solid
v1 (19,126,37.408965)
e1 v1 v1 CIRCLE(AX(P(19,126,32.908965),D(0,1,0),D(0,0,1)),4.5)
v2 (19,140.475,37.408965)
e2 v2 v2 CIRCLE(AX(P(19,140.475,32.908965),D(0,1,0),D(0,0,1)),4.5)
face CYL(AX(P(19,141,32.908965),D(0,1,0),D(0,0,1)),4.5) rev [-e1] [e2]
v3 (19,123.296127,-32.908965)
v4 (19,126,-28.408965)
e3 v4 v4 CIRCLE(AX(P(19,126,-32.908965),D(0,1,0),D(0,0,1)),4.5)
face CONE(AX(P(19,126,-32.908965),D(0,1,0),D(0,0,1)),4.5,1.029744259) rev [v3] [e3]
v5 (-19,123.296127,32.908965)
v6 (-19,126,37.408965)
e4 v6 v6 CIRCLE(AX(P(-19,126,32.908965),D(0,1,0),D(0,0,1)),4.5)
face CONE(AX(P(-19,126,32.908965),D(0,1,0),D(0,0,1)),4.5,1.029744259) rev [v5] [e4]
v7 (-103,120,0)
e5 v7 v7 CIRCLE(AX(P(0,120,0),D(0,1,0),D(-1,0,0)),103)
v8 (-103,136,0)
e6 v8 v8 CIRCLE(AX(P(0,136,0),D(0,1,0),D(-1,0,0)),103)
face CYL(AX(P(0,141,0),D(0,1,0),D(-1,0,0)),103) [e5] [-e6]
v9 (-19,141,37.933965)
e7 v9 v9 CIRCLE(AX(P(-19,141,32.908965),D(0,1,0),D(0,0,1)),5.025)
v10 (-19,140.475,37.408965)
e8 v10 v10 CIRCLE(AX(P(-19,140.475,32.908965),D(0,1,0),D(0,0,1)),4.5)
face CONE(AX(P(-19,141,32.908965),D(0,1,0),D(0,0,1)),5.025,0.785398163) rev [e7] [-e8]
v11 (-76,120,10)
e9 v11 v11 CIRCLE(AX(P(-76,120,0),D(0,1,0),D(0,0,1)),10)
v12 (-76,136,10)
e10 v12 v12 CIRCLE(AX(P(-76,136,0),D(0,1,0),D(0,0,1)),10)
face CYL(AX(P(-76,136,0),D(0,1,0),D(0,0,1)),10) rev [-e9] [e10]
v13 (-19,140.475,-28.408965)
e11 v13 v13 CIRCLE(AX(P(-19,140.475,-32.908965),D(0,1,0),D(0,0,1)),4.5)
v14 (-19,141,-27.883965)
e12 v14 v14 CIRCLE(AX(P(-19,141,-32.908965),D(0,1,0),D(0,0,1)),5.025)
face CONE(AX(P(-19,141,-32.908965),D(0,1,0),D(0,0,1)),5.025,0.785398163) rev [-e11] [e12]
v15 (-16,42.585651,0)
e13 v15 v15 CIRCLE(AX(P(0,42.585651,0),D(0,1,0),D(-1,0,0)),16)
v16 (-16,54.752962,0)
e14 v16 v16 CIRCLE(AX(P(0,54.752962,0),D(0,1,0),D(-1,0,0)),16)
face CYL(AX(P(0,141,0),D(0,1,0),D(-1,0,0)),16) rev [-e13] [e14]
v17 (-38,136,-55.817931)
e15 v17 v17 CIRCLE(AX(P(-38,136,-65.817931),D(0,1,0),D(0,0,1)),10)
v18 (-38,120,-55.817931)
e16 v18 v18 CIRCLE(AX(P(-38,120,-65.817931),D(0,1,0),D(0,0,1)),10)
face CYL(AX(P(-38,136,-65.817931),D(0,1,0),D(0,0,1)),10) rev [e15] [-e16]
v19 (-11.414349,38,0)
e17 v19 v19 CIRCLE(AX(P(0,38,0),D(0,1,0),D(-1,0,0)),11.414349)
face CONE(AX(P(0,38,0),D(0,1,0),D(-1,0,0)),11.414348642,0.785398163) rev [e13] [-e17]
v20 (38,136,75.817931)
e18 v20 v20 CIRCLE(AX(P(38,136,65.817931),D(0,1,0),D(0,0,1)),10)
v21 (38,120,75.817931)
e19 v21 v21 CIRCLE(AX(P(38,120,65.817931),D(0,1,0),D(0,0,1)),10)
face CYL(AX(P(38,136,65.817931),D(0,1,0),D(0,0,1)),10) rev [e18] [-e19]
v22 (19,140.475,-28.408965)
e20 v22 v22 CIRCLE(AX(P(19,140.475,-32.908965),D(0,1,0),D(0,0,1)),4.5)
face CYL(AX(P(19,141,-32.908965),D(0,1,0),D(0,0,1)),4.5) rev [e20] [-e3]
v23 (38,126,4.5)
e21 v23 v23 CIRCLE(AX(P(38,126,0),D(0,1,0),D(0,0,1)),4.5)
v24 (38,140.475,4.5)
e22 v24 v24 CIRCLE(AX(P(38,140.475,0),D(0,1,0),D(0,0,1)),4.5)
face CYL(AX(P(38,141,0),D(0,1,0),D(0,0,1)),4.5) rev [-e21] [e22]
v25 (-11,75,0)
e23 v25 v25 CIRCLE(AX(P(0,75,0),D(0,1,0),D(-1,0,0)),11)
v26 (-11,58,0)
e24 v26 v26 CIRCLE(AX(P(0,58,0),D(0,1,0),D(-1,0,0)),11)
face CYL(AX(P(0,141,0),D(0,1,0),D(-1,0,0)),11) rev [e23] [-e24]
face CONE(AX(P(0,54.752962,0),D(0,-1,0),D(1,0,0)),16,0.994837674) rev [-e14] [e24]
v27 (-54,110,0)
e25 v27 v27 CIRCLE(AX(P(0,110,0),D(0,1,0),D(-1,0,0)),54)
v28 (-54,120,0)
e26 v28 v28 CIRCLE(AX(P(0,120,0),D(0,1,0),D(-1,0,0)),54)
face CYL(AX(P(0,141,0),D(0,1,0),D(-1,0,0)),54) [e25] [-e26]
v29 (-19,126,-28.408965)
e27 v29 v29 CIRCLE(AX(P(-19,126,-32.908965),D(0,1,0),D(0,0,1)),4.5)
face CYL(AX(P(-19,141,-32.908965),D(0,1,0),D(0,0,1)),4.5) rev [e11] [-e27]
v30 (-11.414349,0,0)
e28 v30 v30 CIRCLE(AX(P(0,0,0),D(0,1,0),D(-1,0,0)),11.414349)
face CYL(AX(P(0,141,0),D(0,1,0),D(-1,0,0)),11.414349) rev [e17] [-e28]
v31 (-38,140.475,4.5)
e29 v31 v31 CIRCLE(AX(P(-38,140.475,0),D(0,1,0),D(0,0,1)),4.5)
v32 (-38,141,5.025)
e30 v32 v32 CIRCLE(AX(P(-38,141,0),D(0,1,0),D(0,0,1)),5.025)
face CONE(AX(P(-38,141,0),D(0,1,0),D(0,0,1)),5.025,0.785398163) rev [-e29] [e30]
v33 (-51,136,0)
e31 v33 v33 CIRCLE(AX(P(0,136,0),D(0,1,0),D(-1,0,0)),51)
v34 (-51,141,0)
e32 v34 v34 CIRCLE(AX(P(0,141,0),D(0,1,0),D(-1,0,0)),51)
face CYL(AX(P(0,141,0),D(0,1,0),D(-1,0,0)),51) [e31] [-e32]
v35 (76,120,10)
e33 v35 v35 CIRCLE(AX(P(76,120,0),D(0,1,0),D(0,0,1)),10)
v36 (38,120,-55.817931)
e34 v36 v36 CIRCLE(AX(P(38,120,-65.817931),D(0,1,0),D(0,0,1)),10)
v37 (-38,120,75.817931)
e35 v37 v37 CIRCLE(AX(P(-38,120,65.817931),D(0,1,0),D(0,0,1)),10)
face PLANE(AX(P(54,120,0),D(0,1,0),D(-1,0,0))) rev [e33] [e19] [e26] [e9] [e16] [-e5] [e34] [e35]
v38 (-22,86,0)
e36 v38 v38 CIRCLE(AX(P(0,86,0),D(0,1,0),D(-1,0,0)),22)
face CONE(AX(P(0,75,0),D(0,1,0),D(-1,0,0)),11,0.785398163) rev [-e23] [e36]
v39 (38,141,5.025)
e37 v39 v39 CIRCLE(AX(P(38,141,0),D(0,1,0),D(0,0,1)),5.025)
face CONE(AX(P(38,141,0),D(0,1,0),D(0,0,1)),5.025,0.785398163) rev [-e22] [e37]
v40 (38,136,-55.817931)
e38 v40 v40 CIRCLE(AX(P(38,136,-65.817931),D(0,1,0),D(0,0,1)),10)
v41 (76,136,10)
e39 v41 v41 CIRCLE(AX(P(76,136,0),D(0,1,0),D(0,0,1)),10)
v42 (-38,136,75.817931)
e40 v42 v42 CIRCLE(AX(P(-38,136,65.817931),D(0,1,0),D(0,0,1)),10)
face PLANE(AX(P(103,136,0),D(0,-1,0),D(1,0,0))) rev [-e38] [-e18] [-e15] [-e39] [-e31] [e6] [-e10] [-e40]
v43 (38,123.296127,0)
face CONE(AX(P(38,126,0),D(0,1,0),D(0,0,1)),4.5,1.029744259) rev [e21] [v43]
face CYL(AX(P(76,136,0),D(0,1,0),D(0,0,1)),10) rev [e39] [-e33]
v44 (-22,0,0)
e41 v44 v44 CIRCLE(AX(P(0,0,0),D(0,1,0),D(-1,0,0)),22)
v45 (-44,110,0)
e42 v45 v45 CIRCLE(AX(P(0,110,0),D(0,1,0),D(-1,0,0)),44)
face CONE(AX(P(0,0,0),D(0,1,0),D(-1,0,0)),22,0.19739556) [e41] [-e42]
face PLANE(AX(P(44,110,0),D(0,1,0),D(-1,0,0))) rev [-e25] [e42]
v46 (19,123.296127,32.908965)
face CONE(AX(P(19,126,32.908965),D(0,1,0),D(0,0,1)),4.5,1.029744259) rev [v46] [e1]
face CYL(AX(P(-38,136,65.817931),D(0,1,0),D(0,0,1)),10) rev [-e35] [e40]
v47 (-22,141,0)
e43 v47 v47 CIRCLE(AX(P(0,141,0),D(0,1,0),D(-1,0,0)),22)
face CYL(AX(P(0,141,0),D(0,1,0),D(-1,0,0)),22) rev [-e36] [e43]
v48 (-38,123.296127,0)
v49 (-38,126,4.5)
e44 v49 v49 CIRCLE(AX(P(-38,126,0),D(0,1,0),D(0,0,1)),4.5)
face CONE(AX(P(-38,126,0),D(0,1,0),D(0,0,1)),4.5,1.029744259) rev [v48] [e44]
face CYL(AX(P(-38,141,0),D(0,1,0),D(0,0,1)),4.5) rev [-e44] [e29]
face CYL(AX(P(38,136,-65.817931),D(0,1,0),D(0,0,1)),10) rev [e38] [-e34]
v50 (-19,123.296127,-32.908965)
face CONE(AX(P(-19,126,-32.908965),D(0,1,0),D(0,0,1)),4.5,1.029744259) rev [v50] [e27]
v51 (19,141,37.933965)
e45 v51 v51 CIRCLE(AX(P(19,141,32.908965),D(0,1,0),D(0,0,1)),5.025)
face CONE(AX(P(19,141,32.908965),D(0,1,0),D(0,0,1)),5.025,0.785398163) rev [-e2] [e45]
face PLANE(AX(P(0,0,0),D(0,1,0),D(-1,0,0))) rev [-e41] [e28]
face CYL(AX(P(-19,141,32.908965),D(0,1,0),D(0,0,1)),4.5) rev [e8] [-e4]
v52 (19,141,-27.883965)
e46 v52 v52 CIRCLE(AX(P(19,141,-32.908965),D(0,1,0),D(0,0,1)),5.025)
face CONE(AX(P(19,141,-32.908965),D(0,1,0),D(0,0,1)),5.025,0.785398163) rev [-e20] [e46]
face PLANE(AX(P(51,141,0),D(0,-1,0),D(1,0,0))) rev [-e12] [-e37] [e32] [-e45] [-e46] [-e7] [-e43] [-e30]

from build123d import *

# Parameters (mm, degrees)
HOLE1_D           = 20
CIRPATTERN1_COUNT = 6
CIRPATTERN2_COUNT = 6


with BuildPart() as part:
    # Sketch1 → Revolve1 (revolve)
    with BuildSketch(Plane.XY, mode=Mode.PRIVATE) as revolve1_sk:
        Polygon((22, 0), (44, 110), (54, 110), (54, 120), (103, 120), (103, 136), (51, 136), (51, 141), (0, 141), (0, 0), align=None)
    revolve(revolve1_sk.sketch.rotate(Axis((0, 141, 0), (0, -1, 0)), 180), axis=Axis((0, 141, 0), (0, -1, 0)))

    # Sketch2 → Cut-Revolve1 (revolve, cut)
    with BuildSketch(Plane.XY, mode=Mode.PRIVATE) as cut_revolve1_sk:
        Polygon((0, 0), (11.414348642, 0), (11.414348642, 38), (16, 42.585651358), (16, 54.752962034), (11, 58), (11, 75), (22, 86), (22, 141), (0, 141), align=None)
    revolve(cut_revolve1_sk.sketch.rotate(Axis((0, 141, 0), (0, -1, 0)), 180), axis=Axis((0, 141, 0), (0, -1, 0)), mode=Mode.SUBTRACT)

    # Hole1 (through all)
    with Locations(Plane(origin=(0, 136, 0), x_dir=(1, 0, 0), z_dir=(0, 1, 0))):
        with Locations((76, 0)):
            hole1 = Hole(HOLE1_D / 2)

    # CirPattern1: Hole1 ×6 about axis
    cirpattern1_axis = Axis((0, 0, 0), (0, 1, 0))
    for i in range(1, CIRPATTERN1_COUNT):
        add(hole1.rotate(cirpattern1_axis, i * 360 / CIRPATTERN1_COUNT), mode=Mode.SUBTRACT)

    # Sketch9 → M10x1.0 Tapped Hole5 (revolve, cut)
    with BuildSketch(Plane(origin=(38, 141, 0), x_dir=(0, 0, 1), z_dir=(1, 0, 0))):
        Polygon((0, 0), (0, 17.703872786), (4.5, 15), (4.5, 0.525), (5.025, 0), align=None)
    m10x1_0_tapped_hole5 = revolve(axis=Axis((38, 147.35, 0), (0, -1, 0)), mode=Mode.SUBTRACT)

    # CirPattern2: M10x1.0 Tapped Hole5 ×6 about axis
    cirpattern2_axis = Axis((0, 0, 0), (0, 1, 0))
    for i in range(1, CIRPATTERN2_COUNT):
        add(m10x1_0_tapped_hole5.rotate(cirpattern2_axis, i * 360 / CIRPATTERN2_COUNT), mode=Mode.SUBTRACT)


solid = part.part
